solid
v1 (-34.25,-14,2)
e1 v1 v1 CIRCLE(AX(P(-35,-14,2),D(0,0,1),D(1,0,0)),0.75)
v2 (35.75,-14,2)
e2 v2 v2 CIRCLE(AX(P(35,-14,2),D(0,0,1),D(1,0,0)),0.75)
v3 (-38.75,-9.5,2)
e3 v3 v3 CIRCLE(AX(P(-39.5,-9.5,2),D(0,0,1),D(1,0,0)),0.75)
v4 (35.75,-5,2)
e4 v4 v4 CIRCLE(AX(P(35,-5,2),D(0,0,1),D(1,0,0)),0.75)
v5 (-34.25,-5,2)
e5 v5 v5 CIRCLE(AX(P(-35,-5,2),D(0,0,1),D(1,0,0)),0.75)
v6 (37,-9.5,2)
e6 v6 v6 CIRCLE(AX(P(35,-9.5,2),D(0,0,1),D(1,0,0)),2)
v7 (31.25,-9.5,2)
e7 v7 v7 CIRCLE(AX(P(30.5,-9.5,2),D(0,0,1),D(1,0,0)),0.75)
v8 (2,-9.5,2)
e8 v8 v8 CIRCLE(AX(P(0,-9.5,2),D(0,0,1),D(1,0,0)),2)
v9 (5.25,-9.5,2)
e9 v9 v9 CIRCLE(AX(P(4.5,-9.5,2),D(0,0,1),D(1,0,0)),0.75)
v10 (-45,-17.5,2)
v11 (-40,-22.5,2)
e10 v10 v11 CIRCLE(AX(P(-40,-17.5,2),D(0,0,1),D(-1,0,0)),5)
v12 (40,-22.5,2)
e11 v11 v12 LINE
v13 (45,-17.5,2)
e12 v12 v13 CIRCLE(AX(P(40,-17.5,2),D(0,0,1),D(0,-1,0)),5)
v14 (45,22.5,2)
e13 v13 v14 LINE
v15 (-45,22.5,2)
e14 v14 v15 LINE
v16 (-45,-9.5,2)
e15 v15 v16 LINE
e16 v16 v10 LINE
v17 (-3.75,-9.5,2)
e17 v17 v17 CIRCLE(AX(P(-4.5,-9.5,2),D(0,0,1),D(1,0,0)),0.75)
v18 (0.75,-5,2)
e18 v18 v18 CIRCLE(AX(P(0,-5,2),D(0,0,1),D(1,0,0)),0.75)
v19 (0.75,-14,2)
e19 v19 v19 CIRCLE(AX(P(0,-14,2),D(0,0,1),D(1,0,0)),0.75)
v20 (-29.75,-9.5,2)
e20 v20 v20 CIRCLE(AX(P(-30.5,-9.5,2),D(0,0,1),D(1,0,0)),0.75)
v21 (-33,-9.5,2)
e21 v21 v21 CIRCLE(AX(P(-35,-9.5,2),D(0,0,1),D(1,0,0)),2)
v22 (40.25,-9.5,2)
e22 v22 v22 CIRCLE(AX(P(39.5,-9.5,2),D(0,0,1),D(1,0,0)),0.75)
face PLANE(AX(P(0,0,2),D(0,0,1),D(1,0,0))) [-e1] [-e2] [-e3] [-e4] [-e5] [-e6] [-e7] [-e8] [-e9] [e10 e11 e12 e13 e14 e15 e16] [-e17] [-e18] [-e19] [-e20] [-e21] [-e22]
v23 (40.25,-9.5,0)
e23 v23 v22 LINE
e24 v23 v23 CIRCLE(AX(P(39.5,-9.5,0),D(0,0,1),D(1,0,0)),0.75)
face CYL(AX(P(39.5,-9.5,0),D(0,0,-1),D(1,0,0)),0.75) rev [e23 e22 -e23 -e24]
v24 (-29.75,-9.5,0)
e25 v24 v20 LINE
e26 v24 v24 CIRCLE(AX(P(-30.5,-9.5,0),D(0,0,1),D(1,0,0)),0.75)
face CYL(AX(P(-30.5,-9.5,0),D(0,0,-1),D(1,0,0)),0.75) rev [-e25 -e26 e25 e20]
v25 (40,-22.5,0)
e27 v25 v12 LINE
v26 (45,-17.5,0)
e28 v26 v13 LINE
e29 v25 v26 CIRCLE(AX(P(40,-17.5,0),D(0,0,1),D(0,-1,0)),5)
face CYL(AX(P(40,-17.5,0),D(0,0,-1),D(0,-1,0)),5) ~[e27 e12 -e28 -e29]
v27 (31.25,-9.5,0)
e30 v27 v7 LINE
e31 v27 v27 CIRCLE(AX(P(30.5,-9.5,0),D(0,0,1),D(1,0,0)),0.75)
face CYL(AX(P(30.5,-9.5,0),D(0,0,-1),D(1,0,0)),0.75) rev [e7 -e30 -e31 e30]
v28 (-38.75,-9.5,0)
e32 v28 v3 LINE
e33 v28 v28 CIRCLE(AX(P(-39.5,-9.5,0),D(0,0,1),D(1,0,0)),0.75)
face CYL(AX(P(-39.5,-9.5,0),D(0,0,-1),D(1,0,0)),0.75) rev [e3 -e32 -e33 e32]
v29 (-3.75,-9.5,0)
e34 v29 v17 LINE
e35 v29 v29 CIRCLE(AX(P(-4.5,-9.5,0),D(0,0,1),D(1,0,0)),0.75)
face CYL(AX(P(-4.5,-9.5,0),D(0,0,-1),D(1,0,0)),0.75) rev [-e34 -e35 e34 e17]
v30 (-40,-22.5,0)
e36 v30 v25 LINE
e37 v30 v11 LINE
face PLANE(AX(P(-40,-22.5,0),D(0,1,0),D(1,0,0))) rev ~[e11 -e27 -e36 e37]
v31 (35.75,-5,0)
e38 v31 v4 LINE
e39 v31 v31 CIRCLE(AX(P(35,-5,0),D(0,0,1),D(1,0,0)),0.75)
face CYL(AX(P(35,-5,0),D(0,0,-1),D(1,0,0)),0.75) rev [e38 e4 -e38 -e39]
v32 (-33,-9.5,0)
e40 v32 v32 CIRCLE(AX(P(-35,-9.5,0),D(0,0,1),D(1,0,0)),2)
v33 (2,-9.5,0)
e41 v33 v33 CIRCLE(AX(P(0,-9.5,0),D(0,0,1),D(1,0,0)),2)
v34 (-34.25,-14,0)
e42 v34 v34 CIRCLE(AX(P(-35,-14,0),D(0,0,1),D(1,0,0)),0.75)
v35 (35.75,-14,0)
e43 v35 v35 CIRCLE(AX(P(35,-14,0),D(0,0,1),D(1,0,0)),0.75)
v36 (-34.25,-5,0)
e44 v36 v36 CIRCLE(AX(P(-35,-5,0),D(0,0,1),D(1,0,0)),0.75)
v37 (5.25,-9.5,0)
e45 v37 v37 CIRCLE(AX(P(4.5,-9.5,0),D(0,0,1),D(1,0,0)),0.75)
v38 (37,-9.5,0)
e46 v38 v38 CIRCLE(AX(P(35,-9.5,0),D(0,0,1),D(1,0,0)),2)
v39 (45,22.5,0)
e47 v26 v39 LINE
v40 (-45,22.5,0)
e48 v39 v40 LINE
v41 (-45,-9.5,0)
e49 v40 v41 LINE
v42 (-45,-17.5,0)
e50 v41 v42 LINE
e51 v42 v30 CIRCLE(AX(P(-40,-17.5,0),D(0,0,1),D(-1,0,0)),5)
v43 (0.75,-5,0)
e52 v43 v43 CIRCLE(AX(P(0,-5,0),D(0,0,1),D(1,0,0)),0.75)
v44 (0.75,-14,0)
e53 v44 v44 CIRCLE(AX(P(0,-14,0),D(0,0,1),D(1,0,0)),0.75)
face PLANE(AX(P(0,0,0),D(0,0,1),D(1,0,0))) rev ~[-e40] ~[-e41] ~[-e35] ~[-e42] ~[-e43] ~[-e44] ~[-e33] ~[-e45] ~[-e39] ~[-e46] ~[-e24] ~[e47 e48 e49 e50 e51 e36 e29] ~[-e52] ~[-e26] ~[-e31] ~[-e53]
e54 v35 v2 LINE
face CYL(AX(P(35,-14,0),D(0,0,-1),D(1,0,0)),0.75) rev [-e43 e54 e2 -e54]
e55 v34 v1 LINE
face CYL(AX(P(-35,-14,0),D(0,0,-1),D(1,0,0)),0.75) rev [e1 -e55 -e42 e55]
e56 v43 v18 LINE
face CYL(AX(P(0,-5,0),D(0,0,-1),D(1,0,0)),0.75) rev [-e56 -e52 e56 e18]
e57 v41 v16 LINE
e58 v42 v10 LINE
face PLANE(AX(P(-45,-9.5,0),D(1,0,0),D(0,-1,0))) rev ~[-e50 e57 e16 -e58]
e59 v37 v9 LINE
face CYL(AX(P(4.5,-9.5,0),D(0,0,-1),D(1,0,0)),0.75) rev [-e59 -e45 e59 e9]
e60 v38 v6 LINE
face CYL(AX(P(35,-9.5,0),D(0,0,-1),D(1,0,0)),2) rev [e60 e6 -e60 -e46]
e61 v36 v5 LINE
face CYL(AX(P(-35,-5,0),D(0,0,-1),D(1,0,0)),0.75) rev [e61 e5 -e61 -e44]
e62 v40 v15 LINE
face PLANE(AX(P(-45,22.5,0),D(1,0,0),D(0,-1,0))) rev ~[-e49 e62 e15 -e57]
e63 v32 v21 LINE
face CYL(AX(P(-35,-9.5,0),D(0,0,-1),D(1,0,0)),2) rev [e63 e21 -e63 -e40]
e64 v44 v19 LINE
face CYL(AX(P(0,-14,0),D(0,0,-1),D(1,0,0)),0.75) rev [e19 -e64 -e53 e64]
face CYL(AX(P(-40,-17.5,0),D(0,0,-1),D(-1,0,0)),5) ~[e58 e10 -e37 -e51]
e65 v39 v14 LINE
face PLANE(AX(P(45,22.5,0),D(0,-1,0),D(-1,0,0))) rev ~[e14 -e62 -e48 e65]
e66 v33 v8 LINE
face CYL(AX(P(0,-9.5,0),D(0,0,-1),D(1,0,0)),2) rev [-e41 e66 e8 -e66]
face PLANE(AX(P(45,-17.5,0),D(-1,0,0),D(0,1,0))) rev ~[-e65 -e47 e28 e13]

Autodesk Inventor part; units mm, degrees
ref_plane "YZ Plane" through (0, 0, 0) normal (1, 0, 0) x (0, 1, 0)
ref_plane "XZ Plane" through (0, 0, 0) normal (0, 1, 0) x (-1, 0, 0)
ref_plane "XY Plane" through (0, 0, 0) normal (0, 0, 1) x (1, 0, 0)
sketch "Boceto1" plane through (0, 0, 0) normal (0, 0, 1) x (1, 0, 0)
  line L0 (-40, -22.5) -> (40, -22.5)
  line L1 (45, -17.5) -> (45, 22.5)
  line L2 (45, 22.5) -> (-45, 22.5)
  line L3 (-45, 22.5) -> (-45, -17.5)
  line L4 (-45, -22.5) -> (45, 22.5) construction
  line L5 (45, -22.5) -> (-45, 22.5) construction
  circle A0 centre (35, -9.5) radius 2
  circle A1 centre (35, -5) radius 0.75
  circle A2 centre (30.5, -9.5) radius 0.75
  circle A3 centre (35, -14) radius 0.75
  circle A4 centre (39.5, -9.5) radius 0.75
  circle A5 centre (0, -9.5) radius 2
  line L6 (0, -9.5) -> (4.5, -9.5) construction
  line L7 (0, -9.5) -> (4.5, -9.5) construction
  circle A6 centre (0, -5) radius 0.75
  circle A7 centre (4.5, -9.5) radius 0.75
  circle A8 centre (-4.5, -9.5) radius 0.75
  circle A9 centre (0, -14) radius 0.75
  line L8 (-45, -17.5) -> (-45, -9.5)
  circle A10 centre (-35, -9.5) radius 2
  line L9 (-35, -9.5) -> (-30.5, -9.5) construction
  line L10 (-35, -9.5) -> (-30.5, -9.5) construction
  line L11 (-35, -9.5) -> (-30.5, -9.5) construction
  circle A11 centre (-35, -5) radius 0.75
  circle A12 centre (-30.5, -9.5) radius 0.75
  circle A13 centre (-35, -14) radius 0.75
  circle A14 centre (-39.5, -9.5) radius 0.75
  arc A15 (-45, -17.5) -> (-40, -22.5) centre (-40, -17.5) ccw
  arc A16 (40, -22.5) -> (45, -17.5) centre (40, -17.5) ccw
  point P0 (0, 0)
  dimension "d0" = 90
  dimension "d1" = 45
  dimension "d4" = 4
  dimension "d6" = 1.5
  dimension "d9" = 1.5
  dimension "d10" = 1.5
  dimension "d14" = 4
  dimension "d20" = 1.5
  dimension "d21" = 1.5
  dimension "d22" = 1.5
  dimension "d24" = 1.5
  dimension "d25" = 13
  dimension "d27" = 4
  dimension "d30" = 4.5
  dimension "d34" = 1.5
  dimension "d35" = 1.5
  dimension "d36" = 1.5
  dimension "d38" = 1.5
  dimension "d40" = 5
extrude "Extrusión1" add sketch "Boceto1" along normal blind 2
properties part number "laterales2" material "Acero, galvanizado"
